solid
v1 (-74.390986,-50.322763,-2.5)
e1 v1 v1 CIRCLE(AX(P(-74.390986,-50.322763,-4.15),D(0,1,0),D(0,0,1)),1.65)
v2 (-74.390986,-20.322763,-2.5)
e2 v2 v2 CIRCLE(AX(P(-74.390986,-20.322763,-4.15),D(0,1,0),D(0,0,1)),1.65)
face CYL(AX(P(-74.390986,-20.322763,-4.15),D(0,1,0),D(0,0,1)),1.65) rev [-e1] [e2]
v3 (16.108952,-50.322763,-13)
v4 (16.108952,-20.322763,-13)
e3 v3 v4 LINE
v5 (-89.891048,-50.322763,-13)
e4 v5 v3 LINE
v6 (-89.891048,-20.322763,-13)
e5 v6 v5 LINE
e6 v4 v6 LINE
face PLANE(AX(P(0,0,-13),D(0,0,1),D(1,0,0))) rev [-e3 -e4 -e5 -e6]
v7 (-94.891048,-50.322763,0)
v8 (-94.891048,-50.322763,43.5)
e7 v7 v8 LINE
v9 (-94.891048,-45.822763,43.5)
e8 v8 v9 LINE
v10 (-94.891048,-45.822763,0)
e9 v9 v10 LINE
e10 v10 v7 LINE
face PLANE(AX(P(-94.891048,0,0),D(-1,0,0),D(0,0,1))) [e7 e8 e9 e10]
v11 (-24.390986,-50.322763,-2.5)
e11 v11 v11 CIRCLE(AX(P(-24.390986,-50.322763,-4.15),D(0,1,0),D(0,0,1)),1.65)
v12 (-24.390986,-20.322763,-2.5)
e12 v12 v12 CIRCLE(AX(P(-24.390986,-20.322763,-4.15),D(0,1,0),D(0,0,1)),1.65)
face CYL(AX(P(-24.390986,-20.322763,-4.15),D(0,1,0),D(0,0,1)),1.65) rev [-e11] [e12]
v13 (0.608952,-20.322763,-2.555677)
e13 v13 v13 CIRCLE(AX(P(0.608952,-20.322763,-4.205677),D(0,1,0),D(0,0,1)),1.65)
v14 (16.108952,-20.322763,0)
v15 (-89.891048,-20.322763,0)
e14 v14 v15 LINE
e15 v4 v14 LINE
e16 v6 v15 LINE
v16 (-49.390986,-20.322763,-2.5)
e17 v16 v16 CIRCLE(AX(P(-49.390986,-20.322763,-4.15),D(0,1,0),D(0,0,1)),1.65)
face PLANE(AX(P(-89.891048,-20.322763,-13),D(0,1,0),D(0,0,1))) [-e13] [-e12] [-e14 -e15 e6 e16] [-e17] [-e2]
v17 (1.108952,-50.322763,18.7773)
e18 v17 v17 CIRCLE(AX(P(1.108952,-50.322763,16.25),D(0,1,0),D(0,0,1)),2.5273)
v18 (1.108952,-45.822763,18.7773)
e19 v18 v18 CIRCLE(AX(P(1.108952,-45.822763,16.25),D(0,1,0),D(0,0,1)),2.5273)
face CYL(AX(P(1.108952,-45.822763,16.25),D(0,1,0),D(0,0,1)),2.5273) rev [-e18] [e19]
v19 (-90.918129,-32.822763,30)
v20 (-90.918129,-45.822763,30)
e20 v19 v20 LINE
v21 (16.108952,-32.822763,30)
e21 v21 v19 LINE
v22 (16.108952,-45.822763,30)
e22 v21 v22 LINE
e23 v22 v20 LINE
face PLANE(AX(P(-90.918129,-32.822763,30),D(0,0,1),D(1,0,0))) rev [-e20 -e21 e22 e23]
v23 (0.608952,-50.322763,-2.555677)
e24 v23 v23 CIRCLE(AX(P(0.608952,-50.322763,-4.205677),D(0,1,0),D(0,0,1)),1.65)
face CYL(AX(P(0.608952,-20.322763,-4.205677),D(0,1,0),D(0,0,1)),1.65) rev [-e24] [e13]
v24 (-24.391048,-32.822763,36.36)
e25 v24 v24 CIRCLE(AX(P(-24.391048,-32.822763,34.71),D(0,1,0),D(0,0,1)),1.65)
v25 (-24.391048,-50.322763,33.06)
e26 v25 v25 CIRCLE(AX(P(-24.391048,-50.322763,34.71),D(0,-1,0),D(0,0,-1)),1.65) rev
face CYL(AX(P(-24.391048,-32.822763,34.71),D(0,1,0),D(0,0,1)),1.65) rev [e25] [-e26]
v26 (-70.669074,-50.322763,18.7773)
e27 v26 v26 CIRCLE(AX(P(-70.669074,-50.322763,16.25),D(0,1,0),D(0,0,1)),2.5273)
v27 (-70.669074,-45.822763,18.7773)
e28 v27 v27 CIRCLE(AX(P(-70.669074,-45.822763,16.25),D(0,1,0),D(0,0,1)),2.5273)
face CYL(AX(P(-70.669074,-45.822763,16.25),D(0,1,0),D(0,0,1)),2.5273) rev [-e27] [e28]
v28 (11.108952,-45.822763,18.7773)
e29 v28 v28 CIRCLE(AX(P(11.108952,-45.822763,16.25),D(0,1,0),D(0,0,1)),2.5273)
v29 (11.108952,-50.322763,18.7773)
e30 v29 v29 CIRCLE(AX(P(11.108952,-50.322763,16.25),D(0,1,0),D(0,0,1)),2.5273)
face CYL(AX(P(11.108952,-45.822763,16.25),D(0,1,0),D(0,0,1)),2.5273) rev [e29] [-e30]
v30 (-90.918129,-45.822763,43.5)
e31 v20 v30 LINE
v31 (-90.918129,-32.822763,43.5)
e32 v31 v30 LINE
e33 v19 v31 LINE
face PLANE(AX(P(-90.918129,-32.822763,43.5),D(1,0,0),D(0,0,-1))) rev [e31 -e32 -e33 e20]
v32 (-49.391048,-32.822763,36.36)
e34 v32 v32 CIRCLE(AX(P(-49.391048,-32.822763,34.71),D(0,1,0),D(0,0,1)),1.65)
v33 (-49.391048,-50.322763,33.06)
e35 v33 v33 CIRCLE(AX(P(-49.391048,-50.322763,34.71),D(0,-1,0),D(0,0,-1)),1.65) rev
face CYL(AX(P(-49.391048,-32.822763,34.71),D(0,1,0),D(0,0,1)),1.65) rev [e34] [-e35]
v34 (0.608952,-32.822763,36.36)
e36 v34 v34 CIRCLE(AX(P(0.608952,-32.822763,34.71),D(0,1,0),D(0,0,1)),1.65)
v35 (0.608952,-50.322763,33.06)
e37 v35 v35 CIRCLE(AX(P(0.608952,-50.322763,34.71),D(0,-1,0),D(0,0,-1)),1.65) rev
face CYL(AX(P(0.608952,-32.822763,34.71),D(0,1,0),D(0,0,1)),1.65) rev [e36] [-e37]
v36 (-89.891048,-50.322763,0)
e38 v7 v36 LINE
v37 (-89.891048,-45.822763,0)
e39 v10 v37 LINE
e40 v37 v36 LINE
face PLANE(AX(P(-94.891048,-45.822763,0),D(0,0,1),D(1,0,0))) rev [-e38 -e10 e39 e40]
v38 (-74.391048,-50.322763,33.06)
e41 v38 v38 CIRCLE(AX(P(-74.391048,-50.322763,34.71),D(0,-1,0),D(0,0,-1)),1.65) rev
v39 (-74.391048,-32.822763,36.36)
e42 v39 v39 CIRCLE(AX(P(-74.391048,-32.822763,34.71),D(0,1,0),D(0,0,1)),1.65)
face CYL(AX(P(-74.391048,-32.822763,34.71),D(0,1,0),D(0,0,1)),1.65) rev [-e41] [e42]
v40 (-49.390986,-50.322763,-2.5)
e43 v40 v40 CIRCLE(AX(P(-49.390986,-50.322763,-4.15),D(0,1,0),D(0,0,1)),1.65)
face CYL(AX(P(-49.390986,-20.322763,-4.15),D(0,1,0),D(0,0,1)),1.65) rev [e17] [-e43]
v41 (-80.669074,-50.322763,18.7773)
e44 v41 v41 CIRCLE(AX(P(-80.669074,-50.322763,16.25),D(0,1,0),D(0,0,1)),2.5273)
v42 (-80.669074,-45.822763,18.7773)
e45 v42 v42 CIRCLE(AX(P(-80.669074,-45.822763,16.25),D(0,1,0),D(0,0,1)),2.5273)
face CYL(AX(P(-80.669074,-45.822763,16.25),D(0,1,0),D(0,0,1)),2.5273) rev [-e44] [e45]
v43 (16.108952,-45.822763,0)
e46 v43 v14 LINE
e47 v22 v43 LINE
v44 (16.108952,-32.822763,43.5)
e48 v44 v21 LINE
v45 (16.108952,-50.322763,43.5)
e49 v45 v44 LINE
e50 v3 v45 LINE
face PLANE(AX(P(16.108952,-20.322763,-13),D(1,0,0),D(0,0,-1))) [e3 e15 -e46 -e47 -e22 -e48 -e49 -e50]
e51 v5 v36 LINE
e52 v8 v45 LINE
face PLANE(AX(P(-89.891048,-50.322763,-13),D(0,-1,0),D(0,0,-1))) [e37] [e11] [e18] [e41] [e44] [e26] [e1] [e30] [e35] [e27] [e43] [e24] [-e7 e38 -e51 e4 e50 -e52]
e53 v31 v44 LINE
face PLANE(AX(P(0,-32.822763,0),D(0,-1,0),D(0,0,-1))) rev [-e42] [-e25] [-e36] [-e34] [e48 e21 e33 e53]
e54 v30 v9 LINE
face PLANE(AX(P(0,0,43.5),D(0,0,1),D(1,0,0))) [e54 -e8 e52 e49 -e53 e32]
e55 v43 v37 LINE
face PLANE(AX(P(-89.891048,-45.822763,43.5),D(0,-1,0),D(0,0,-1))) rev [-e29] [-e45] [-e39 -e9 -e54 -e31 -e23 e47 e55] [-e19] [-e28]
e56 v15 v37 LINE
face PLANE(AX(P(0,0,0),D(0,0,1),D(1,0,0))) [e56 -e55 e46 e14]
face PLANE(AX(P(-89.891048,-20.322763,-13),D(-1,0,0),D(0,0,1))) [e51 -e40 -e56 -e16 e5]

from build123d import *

# Parameters (mm, degrees)
SKETCH4_W                  = 106
SKETCH4_H                  = 30
BOSS_EXTRUDE2_DEPTH        = 13
M4X0_7_TAPPED_HOLE1_D      = 3.3
SKETCH28_W                 = 106
SKETCH28_H                 = 4.5
BOSS_EXTRUDE3_DEPTH        = 43.5
SKETCH32_W                 = 43.5
SKETCH32_H                 = 4.5
BOSS_EXTRUDE10_DEPTH       = 5
F_8_0_199_DIAMETER_HOLE1_D = 5.0546
SKETCH44_W                 = 107.027081708
SKETCH44_H                 = 13.5
BOSS_EXTRUDE17_DEPTH       = 13
M4X0_7_TAPPED_HOLE2_D      = 3.3


with BuildPart() as part:
    # Sketch4 → Boss-Extrude2 (new body)
    with BuildSketch(Plane.XY):
        with Locations((-36.891047602, -35.322762913)):
            Rectangle(SKETCH4_W, SKETCH4_H)
    extrude(amount=-BOSS_EXTRUDE2_DEPTH)

    # M4x0.7 Tapped Hole1 (through all)
    with Locations(Plane(origin=(-74.390985602, -20.322762913, -4.15), x_dir=(0, 0, 1), z_dir=(0, 1, 0))):
        with Locations((0, 0), (0, 25), (-0.055677319, 74.999938), (0, 50)):
            Hole(M4X0_7_TAPPED_HOLE1_D / 2)

    # Sketch28 → Boss-Extrude3 (add)
    with BuildSketch(Plane.XY):
        with Locations((-36.891047602, -48.072762913)):
            Rectangle(SKETCH28_W, SKETCH28_H)
    extrude(amount=BOSS_EXTRUDE3_DEPTH)

    # Sketch32 → Boss-Extrude10 (add)
    with BuildSketch(Plane.ZY.offset(89.891047602)):
        with Locations((21.75, -48.072762913)):
            Rectangle(SKETCH32_W, SKETCH32_H)
    extrude(amount=BOSS_EXTRUDE10_DEPTH)

    # #8 (0.199) Diameter Hole1 (through all)
    with Locations(Plane(origin=(-80.669073904, -45.822762913, 16.25), x_dir=(0, 0, 1), z_dir=(0, 1, 0))):
        with Locations((0, 0), (0, 91.778026302), (0, 81.778026302), (0, 10)):
            Hole(F_8_0_199_DIAMETER_HOLE1_D / 2)

    # Sketch44 → Boss-Extrude17 (add)
    with BuildSketch(Plane(origin=(0, -45.822762913, 0), x_dir=(1, 0, 0), z_dir=(0, 1, 0))):
        with Locations((-37.404588456, -36.75)):
            Rectangle(SKETCH44_W, SKETCH44_H)
    extrude(amount=BOSS_EXTRUDE17_DEPTH)

    # M4x0.7 Tapped Hole2 (through all)
    with Locations(Plane(origin=(-74.391047602, -32.822762913, 34.71), x_dir=(0, 0, 1), z_dir=(0, 1, 0))):
        with Locations((0, 0), (0, 25), (0, 50), (0, 75)):
            Hole(M4X0_7_TAPPED_HOLE2_D / 2)


solid = part.part
